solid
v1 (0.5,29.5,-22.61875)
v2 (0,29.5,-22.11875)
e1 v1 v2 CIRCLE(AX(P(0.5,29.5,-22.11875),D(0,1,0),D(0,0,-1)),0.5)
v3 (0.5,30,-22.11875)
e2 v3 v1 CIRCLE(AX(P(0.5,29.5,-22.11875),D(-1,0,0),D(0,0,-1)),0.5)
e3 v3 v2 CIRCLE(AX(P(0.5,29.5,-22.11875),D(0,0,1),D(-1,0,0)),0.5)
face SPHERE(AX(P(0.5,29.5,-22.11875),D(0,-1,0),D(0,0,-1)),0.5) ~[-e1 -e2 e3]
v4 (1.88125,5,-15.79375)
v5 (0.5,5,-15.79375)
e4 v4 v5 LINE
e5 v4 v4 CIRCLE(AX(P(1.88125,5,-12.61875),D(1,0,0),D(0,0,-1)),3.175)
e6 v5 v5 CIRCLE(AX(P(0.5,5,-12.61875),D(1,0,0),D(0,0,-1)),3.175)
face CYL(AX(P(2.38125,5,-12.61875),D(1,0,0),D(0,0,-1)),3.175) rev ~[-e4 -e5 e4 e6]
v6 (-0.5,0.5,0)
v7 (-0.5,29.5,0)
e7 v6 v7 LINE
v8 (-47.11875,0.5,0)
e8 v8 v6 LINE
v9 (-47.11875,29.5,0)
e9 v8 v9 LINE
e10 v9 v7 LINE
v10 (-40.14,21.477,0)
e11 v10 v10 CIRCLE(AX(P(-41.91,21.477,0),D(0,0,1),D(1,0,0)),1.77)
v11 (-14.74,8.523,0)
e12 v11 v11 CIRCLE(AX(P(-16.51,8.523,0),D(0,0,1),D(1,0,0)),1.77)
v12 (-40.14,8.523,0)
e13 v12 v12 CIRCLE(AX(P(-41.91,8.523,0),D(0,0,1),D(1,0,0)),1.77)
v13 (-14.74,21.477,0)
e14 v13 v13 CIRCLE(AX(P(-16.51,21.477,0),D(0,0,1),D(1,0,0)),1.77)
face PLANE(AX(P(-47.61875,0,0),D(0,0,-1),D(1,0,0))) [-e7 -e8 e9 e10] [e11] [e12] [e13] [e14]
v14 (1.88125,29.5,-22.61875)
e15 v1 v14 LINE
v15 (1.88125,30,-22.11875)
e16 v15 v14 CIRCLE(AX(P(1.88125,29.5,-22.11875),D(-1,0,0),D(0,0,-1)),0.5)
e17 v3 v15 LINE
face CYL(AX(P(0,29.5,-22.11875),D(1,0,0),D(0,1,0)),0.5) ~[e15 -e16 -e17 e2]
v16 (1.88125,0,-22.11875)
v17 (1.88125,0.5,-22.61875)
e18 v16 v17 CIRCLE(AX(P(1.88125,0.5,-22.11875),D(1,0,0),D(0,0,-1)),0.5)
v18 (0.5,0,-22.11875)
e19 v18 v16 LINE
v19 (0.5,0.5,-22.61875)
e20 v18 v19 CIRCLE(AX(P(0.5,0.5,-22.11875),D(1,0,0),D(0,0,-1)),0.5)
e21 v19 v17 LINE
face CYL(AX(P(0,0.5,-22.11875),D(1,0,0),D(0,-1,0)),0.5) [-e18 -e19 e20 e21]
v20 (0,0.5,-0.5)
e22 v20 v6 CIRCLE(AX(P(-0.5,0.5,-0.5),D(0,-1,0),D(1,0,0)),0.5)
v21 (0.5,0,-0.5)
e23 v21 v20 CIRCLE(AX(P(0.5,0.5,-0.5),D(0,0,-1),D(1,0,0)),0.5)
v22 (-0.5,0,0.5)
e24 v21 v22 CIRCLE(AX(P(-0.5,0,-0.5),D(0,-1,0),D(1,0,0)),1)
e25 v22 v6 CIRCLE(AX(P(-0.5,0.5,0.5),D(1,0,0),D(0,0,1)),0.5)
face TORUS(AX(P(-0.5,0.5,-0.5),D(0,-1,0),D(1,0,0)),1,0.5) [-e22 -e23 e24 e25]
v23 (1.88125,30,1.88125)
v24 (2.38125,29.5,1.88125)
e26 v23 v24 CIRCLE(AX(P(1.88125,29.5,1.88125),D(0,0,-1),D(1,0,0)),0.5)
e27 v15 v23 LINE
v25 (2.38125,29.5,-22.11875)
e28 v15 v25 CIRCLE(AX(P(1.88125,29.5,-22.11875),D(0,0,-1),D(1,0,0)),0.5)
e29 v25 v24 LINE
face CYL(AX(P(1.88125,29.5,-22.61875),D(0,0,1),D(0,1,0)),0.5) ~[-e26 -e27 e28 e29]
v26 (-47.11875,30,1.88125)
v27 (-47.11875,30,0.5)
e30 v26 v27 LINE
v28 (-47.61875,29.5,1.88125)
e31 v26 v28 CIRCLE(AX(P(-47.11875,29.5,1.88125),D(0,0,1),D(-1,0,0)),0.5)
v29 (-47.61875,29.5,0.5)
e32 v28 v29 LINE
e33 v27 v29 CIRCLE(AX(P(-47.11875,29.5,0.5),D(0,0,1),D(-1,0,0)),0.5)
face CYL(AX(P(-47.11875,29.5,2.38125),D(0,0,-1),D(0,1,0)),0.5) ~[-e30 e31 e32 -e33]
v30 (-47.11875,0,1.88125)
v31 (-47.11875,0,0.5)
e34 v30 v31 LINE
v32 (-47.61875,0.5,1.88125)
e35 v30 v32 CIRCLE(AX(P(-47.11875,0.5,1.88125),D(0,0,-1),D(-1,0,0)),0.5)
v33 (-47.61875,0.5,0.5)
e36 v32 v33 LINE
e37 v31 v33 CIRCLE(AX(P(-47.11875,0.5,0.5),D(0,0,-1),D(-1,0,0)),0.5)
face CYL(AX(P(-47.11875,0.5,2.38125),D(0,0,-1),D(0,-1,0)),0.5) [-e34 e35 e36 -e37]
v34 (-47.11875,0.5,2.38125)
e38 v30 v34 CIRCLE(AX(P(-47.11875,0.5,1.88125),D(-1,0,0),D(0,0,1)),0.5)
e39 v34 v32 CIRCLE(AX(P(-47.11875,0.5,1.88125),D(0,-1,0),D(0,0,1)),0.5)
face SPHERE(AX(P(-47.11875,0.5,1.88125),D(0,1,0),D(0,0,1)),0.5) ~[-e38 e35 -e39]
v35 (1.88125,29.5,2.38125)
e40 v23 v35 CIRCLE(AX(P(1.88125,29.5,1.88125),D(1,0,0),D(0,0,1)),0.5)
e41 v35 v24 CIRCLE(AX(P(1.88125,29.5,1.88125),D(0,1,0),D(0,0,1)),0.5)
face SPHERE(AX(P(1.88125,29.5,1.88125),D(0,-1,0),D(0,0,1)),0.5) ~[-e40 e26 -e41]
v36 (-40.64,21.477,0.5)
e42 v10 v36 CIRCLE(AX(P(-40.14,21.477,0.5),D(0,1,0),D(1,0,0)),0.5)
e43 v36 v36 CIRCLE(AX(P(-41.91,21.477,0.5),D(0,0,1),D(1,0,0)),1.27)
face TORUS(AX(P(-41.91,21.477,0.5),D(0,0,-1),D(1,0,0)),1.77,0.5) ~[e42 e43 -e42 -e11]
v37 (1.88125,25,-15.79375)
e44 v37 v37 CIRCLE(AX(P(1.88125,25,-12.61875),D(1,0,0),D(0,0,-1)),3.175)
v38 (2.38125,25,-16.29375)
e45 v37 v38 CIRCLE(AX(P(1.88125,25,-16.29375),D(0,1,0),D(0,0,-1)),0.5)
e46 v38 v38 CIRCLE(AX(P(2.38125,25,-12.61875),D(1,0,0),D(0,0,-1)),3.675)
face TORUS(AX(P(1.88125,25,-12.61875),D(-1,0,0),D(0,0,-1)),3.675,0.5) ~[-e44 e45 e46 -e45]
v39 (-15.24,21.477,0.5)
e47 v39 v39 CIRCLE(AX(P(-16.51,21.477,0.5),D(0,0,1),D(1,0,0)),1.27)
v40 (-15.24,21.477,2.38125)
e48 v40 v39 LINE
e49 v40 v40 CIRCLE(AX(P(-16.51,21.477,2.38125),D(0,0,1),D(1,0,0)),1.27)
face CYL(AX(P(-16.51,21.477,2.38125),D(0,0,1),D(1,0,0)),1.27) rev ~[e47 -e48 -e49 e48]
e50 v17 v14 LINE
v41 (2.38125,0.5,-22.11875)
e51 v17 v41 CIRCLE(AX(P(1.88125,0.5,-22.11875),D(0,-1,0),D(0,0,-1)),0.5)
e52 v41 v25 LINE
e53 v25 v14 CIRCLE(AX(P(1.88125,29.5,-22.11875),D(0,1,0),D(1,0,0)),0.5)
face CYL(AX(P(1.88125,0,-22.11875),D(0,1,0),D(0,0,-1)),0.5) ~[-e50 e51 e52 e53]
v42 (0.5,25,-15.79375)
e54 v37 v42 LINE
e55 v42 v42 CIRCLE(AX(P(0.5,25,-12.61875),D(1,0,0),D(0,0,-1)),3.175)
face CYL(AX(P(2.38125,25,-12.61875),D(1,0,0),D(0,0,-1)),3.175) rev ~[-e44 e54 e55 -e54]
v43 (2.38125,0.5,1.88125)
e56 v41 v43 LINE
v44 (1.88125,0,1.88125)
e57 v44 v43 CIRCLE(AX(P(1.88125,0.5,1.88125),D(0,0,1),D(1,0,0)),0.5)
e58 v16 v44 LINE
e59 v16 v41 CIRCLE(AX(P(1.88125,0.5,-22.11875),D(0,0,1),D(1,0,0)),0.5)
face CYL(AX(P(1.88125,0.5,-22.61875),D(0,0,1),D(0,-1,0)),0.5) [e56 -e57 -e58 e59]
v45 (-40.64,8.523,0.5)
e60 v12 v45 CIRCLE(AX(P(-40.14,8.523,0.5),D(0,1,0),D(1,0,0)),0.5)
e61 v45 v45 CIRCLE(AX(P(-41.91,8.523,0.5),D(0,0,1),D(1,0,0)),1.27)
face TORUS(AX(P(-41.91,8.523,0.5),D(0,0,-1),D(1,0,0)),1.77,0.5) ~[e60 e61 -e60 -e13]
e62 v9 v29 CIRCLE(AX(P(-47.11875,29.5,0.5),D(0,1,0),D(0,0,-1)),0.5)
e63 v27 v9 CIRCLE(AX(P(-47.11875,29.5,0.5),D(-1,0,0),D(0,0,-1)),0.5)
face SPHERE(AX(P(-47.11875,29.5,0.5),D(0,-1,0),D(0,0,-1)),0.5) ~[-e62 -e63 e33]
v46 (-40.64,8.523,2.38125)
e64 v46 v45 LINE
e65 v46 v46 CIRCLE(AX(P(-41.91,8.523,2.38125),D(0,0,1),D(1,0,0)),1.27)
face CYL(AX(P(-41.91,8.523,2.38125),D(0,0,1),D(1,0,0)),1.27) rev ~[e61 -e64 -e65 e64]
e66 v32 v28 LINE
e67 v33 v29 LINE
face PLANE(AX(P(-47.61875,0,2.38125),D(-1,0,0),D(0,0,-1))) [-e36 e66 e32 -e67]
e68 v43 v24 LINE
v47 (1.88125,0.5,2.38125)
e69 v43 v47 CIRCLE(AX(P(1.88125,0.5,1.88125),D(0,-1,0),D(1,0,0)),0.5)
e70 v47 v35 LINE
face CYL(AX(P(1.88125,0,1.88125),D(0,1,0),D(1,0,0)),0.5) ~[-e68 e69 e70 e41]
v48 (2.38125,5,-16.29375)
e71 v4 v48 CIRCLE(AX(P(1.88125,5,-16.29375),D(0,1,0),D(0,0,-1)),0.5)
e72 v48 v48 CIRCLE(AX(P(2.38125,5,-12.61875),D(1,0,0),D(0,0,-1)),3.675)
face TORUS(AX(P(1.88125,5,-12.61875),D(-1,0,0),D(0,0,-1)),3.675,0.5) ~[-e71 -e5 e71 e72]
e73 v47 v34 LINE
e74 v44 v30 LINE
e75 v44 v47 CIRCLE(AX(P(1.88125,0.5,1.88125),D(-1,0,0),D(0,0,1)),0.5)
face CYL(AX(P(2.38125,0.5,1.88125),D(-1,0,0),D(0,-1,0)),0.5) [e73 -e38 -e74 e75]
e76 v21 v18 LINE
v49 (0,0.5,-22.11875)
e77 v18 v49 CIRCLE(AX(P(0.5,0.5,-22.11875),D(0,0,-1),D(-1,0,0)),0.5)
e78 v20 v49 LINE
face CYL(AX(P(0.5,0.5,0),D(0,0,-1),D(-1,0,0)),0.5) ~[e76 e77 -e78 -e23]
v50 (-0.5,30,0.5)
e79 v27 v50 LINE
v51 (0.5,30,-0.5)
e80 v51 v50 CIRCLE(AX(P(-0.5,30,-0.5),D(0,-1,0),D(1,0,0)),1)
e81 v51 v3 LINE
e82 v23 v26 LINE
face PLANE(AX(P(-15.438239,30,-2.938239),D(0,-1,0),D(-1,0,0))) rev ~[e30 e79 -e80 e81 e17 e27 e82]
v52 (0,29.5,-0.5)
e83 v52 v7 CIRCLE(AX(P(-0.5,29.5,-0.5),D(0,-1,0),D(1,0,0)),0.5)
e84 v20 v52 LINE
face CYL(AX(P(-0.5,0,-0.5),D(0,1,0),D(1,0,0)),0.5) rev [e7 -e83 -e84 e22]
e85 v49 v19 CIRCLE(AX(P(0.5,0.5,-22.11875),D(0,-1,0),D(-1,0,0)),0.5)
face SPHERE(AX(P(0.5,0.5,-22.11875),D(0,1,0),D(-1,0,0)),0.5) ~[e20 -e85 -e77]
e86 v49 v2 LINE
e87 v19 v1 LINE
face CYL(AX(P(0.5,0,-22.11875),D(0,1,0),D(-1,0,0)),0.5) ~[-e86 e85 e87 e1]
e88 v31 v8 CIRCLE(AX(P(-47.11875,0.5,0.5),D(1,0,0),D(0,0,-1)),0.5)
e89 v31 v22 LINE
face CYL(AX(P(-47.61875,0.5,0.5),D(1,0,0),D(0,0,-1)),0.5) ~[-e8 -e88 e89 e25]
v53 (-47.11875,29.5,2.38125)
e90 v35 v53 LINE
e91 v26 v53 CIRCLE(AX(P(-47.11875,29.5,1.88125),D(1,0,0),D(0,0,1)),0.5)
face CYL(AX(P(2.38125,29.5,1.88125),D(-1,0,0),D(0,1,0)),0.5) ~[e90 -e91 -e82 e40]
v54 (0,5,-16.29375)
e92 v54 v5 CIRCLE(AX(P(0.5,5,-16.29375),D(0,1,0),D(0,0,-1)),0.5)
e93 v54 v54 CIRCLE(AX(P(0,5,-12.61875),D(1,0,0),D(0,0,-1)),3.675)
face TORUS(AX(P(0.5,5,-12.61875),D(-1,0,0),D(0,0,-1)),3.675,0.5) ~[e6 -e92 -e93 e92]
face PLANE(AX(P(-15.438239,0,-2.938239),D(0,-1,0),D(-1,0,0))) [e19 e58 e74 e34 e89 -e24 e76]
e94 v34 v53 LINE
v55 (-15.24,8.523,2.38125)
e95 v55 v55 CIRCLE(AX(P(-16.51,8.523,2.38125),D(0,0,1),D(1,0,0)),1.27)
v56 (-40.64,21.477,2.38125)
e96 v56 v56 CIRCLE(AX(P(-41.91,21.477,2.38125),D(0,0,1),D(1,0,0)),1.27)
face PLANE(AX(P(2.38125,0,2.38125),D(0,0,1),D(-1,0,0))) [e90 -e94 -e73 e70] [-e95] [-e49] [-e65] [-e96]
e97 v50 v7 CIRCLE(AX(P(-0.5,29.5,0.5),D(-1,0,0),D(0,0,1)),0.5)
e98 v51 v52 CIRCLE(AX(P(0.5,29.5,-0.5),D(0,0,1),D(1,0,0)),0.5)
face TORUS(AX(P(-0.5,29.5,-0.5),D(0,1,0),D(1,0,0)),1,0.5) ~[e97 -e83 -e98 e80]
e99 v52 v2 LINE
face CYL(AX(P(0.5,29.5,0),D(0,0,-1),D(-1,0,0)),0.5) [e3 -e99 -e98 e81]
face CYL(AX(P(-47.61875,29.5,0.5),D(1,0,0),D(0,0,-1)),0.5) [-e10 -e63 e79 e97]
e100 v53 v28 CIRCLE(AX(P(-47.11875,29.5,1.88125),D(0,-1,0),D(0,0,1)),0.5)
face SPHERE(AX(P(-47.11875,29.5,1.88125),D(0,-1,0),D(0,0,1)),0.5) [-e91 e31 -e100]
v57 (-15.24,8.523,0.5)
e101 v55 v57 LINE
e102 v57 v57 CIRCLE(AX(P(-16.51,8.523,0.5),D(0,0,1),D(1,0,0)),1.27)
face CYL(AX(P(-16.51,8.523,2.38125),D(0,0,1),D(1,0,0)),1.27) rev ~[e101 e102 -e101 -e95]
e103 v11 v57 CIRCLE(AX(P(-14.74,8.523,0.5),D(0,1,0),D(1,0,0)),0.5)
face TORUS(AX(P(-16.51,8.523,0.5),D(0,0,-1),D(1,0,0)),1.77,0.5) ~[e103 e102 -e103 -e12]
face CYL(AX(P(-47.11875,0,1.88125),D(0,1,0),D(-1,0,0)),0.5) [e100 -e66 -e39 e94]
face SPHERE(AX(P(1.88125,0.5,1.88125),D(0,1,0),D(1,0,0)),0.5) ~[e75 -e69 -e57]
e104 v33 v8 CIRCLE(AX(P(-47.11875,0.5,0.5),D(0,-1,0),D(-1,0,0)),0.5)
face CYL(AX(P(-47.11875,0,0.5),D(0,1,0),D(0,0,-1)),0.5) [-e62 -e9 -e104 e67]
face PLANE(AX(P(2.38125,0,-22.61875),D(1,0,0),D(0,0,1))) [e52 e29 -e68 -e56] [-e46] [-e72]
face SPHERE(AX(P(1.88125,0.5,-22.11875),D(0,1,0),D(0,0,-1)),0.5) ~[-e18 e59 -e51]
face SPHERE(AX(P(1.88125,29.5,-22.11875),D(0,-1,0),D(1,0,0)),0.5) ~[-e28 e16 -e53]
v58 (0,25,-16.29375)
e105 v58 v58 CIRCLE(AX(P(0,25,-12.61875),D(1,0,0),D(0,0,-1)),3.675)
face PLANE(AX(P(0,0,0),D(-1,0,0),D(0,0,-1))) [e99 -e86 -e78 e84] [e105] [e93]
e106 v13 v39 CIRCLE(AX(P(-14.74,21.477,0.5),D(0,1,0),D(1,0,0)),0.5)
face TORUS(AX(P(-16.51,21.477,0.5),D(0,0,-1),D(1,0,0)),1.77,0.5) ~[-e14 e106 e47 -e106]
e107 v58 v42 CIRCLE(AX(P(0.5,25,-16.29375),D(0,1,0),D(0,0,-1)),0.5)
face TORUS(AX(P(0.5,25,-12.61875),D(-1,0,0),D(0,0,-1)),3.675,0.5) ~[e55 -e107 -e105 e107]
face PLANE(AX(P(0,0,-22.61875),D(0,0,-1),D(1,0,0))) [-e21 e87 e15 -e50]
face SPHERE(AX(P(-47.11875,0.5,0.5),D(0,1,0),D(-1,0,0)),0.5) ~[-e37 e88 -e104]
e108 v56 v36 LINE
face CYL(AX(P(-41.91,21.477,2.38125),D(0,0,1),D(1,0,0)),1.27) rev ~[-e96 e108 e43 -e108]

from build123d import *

# Parameters (mm, degrees)
BOSS_EXTRUDE1_DEPTH = 30
SKETCH2_R           = 1.27
CUT_EXTRUDE1_DEPTH  = 62.583645163
SKETCH3_R           = 3.175
CUT_EXTRUDE2_DEPTH  = 63.542848125
FILLET1_R           = 0.5


with BuildPart() as part:
    # Sketch1 → Boss-Extrude1 (new body)
    with BuildSketch(Plane(origin=(0, 0, 0), x_dir=(1, 0, 0), z_dir=(0, 1, 0))):
        Polygon((0, 0), (0, 22.61875), (2.38125, 22.61875), (2.38125, -2.38125), (-47.61875, -2.38125), (-47.61875, 0), align=None)
    extrude(amount=BOSS_EXTRUDE1_DEPTH)

    # Sketch2 → Cut-Extrude1 (cut, through all)
    with BuildSketch(Plane.XY.offset(2.38125)):
        with Locations((-41.91, 8.523)):
            Circle(SKETCH2_R)
        with Locations((-16.51, 8.523)):
            Circle(SKETCH2_R)
        with Locations((-16.51, 21.477)):
            Circle(SKETCH2_R)
        with Locations((-41.91, 21.477)):
            Circle(SKETCH2_R)
    extrude(amount=-CUT_EXTRUDE1_DEPTH, mode=Mode.SUBTRACT)

    # Sketch3 → Cut-Extrude2 (cut, through all)
    with BuildSketch(Plane(origin=(2.38125, 0, 0), x_dir=(0, 0, -1), z_dir=(1, 0, 0))):
        with Locations((12.61875, 25)):
            Circle(SKETCH3_R)
        with Locations((12.61875, 5)):
            Circle(SKETCH3_R)
    extrude(amount=-CUT_EXTRUDE2_DEPTH, mode=Mode.SUBTRACT)

    # Fillet1
    fillet1_edges = [part.edges().sort_by_distance(p)[0] for p in [
        (0, 15, 0),
        (0, 15, -22.61875),
        (2.38125, 15, -22.61875),
        (2.38125, 15, 2.38125),
        (-47.61875, 15, 2.38125),
        (-47.61875, 15, 0),
        (-22.61875, 30, 2.38125),
        (2.38125, 30, -10.11875),
        (1.190625, 30, -22.61875),
        (-43.18, 21.477, 0),
        (0, 30, -11.309375),
        (-17.78, 21.477, 0),
        (-17.78, 8.523, 0),
        (-43.18, 8.523, 0),
        (0, 25, -9.44375),
        (2.38125, 25, -9.44375),
        (0, 5, -9.44375),
        (2.38125, 5, -9.44375),
        (-23.809375, 30, 0),
        (0, 0, -11.309375),
        (1.190625, 0, -22.61875),
        (2.38125, 0, -10.11875),
        (-22.61875, 0, 2.38125),
        (-47.61875, 0, 1.190625),
        (-23.809375, 0, 0),
        (-47.61875, 30, 1.190625),
    ]]
    fillet(fillet1_edges, radius=FILLET1_R)


solid = part.part
